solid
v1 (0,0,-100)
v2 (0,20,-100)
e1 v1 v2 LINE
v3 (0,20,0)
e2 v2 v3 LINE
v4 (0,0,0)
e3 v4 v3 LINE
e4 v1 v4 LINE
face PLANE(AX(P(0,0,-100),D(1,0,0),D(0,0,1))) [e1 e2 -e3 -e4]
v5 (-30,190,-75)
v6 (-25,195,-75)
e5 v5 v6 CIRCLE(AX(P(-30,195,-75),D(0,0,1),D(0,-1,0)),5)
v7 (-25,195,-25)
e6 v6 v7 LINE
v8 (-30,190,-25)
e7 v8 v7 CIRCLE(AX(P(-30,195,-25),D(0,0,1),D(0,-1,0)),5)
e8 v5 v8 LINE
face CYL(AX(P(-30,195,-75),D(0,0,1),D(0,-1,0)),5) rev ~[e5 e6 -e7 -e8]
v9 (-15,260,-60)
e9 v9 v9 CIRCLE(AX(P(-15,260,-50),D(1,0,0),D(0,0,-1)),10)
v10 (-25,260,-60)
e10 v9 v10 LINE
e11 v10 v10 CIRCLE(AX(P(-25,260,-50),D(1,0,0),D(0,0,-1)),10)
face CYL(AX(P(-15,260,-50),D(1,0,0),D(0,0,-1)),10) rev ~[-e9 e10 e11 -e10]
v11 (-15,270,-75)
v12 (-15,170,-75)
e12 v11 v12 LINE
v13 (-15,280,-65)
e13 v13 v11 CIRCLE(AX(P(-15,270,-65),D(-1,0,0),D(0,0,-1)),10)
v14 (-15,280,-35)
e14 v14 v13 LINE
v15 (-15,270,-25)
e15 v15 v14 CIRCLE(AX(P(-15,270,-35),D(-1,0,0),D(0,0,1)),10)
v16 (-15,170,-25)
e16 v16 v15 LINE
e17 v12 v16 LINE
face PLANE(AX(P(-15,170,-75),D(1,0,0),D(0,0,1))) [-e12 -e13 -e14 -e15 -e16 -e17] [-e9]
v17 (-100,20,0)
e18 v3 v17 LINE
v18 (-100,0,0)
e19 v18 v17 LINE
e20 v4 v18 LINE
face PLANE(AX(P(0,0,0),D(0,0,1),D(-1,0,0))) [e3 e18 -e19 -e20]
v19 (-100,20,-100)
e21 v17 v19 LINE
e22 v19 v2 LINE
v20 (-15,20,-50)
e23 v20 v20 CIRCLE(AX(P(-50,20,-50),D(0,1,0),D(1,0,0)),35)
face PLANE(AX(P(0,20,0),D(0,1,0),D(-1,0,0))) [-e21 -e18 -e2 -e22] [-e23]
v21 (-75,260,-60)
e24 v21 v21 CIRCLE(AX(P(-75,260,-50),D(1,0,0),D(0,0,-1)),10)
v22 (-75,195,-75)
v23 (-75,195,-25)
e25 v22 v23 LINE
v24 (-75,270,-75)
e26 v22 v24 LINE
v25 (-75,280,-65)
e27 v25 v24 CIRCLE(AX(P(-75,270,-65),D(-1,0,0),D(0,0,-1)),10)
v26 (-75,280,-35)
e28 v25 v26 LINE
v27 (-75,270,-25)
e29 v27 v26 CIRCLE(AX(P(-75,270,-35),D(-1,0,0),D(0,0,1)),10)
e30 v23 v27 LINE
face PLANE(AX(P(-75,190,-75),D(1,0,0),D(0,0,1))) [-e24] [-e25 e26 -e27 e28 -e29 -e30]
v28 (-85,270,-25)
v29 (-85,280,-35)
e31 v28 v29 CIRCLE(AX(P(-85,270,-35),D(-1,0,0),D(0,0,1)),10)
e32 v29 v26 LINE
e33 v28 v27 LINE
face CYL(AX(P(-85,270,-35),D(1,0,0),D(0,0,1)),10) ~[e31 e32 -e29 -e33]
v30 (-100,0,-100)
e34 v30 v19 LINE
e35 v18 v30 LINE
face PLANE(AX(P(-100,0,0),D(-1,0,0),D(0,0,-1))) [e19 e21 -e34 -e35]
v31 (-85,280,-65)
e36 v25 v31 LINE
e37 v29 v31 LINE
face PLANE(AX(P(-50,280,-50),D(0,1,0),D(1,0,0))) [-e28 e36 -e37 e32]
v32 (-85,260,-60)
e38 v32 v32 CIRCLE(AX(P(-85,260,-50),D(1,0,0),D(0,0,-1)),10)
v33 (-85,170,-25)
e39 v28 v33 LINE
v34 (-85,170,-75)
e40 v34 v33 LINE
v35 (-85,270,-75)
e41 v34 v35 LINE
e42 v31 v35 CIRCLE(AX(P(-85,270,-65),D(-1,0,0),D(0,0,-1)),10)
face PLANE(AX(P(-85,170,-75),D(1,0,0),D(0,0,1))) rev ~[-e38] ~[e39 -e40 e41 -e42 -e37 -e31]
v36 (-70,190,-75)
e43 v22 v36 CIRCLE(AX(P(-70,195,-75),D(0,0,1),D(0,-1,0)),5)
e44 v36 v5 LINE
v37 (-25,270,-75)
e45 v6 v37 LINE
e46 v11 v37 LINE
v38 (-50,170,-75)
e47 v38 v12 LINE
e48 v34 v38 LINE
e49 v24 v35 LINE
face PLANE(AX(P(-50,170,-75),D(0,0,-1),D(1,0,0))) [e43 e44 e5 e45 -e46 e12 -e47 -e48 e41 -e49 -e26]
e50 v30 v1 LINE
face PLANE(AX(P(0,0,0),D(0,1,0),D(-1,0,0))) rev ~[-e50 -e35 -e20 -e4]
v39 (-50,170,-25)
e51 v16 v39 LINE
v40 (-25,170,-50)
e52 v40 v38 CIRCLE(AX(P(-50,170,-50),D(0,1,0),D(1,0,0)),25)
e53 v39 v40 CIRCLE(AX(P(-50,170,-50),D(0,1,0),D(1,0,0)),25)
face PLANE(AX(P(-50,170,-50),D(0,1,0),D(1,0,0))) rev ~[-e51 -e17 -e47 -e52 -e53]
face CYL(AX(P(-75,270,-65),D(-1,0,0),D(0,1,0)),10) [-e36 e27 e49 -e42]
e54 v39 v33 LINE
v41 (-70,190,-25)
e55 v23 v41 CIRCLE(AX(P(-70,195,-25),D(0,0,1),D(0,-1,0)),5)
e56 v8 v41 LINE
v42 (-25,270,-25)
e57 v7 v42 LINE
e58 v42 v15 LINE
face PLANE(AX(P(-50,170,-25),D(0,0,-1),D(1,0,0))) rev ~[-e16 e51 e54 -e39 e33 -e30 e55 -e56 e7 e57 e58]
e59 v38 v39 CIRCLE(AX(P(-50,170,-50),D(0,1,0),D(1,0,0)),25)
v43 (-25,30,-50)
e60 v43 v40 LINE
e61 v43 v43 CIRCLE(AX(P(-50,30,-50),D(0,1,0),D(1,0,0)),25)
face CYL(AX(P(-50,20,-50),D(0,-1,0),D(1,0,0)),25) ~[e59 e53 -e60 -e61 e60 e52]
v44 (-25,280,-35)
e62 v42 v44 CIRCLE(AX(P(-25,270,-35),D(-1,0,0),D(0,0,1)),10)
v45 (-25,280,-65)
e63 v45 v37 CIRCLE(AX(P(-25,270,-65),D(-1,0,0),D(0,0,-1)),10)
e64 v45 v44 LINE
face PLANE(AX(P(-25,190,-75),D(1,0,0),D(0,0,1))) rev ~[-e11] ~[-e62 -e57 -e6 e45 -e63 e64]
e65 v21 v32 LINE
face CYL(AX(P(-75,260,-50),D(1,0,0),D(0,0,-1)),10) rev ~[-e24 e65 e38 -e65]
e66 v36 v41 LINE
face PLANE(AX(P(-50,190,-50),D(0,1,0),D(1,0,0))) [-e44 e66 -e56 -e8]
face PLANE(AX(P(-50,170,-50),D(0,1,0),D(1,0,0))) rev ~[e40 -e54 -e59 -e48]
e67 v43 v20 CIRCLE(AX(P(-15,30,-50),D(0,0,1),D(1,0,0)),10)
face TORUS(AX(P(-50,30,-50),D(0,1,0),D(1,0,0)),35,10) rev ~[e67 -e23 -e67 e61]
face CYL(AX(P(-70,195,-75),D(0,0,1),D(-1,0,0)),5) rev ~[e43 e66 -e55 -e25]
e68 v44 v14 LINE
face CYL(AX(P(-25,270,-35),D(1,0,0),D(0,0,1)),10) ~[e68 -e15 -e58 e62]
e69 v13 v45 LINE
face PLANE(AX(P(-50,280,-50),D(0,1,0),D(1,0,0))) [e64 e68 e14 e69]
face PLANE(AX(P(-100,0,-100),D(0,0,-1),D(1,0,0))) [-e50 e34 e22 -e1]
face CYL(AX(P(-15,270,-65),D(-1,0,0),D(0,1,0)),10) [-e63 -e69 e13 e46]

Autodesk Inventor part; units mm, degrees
ref_plane "YZ Plane" through (0, 0, 0) normal (1, 0, 0) x (0, 1, 0)
ref_plane "XZ Plane" through (0, 0, 0) normal (0, 1, 0) x (-1, 0, 0)
ref_plane "XY Plane" through (0, 0, 0) normal (0, 0, 1) x (1, 0, 0)
sketch "Sketch1" plane through (0, 0, 0) normal (0, 1, 0) x (-1, 0, 0)
  line L0 (0, 0) -> (100, 0)
  line L1 (100, 0) -> (100, -100)
  line L2 (100, -100) -> (0, -100)
  line L3 (0, -100) -> (0, 0)
  dimension "d0" = 100
  dimension "d1" = 100
  dimension "d2" = 100
extrude "Extrusion1" add sketch "Sketch1" along normal blind 20
sketch "Sketch2" plane through (0, 20, 0) normal (0, 1, 0) x (1, 0, 0)
  line L0 (-100, 100) -> (-100, 0) projected
  line L1 (0, 100) -> (-100, 100) projected
  line L2 (-100, 0) -> (0, 0) projected
  circle A0 centre (-50, 50) radius 25
  dimension "d5" = 50
extrude "Extrusion2" add sketch "Sketch2" along normal blind 150
sketch "Sketch3" plane through (-50, 170, -50) normal (0, 1, 0) x (1, 0, 0)
  circle A0 centre (0, 0) radius 25 projected
  line L0 (0, 25) -> (35, 25)
  line L1 (35, 25) -> (35, -25)
  line L2 (0, 25) -> (-35, 25)
  line L3 (-35, 25) -> (-35, -25)
  line L4 (-35, -25) -> (35, -25)
  point P0 (50, -50)
  dimension "d12" = 35
  dimension "d13" = 35
extrude "Extrusion3" add sketch "Sketch3" along normal blind 20
sketch "Sketch4" plane through (-50, 190, -50) normal (0, 1, 0) x (1, 0, 0)
  line L0 (0, 25) -> (-35, 25) projected
  line L1 (-35, 25) -> (-25, 25)
  line L2 (-25, 25) -> (-25, -25)
  line L3 (-35, -25) -> (0, -25) projected
  line L4 (-35, -25) -> (-35, 25)
  line L5 (35, 25) -> (0, 25) projected
  line L6 (35, 25) -> (25, 25)
  line L7 (25, 25) -> (25, -25)
  line L8 (0, -25) -> (35, -25) projected
  line L9 (35, -25) -> (35, 25)
  point P0 (50, -50)
  dimension "d14" = 10
  dimension "d15" = 10
extrude "Extrusion4" add sketch "Sketch4" along normal blind 90 contours L2 L3 L4 L0 | L5 L9 L8 L7
sketch "Sketch5" plane through (-75, 190, -25) normal (1, 0, 0) x (0, 0, -1)
  line L0 (50, 0) -> (50, 90) projected
  line L1 (0, -20) -> (0, 90) projected
  circle A0 centre (25, 70) radius 10
  line L2 (50, 90) -> (0, 90) projected
  point P0 (-25, -190)
  dimension "d20" = 20
sketch "Sketch6" plane through (-15, 170, -25) normal (1, 0, 0) x (0, 0, -1)
  line L0 (50, 20) -> (50, 110) projected
  line L1 (50, 110) -> (50, 70)
  circle A0 centre (25, 90) radius 10
  line L2 (0, 110) -> (50, 110) projected
  point P0 (-25, -170)
  dimension "d23" = 20
extrude "Extrusion5" cut sketch "Sketch6" against normal blind 10
extrude "Extrusion6" cut sketch "Sketch5" against normal blind 10
fillet "Fillet1" radius 5 2 edges at (-25, 190, -50) (-75, 190, -50)
fillet "Fillet2" radius 10 4 edges at (-20, 280, -25) (-20, 280, -75) (-80, 280, -75) (-80, 280, -25)
fillet "Fillet3" radius 10 1 edges at (-75, 20, -50)
properties part number "wheel connector" material "Stainless Steel"
